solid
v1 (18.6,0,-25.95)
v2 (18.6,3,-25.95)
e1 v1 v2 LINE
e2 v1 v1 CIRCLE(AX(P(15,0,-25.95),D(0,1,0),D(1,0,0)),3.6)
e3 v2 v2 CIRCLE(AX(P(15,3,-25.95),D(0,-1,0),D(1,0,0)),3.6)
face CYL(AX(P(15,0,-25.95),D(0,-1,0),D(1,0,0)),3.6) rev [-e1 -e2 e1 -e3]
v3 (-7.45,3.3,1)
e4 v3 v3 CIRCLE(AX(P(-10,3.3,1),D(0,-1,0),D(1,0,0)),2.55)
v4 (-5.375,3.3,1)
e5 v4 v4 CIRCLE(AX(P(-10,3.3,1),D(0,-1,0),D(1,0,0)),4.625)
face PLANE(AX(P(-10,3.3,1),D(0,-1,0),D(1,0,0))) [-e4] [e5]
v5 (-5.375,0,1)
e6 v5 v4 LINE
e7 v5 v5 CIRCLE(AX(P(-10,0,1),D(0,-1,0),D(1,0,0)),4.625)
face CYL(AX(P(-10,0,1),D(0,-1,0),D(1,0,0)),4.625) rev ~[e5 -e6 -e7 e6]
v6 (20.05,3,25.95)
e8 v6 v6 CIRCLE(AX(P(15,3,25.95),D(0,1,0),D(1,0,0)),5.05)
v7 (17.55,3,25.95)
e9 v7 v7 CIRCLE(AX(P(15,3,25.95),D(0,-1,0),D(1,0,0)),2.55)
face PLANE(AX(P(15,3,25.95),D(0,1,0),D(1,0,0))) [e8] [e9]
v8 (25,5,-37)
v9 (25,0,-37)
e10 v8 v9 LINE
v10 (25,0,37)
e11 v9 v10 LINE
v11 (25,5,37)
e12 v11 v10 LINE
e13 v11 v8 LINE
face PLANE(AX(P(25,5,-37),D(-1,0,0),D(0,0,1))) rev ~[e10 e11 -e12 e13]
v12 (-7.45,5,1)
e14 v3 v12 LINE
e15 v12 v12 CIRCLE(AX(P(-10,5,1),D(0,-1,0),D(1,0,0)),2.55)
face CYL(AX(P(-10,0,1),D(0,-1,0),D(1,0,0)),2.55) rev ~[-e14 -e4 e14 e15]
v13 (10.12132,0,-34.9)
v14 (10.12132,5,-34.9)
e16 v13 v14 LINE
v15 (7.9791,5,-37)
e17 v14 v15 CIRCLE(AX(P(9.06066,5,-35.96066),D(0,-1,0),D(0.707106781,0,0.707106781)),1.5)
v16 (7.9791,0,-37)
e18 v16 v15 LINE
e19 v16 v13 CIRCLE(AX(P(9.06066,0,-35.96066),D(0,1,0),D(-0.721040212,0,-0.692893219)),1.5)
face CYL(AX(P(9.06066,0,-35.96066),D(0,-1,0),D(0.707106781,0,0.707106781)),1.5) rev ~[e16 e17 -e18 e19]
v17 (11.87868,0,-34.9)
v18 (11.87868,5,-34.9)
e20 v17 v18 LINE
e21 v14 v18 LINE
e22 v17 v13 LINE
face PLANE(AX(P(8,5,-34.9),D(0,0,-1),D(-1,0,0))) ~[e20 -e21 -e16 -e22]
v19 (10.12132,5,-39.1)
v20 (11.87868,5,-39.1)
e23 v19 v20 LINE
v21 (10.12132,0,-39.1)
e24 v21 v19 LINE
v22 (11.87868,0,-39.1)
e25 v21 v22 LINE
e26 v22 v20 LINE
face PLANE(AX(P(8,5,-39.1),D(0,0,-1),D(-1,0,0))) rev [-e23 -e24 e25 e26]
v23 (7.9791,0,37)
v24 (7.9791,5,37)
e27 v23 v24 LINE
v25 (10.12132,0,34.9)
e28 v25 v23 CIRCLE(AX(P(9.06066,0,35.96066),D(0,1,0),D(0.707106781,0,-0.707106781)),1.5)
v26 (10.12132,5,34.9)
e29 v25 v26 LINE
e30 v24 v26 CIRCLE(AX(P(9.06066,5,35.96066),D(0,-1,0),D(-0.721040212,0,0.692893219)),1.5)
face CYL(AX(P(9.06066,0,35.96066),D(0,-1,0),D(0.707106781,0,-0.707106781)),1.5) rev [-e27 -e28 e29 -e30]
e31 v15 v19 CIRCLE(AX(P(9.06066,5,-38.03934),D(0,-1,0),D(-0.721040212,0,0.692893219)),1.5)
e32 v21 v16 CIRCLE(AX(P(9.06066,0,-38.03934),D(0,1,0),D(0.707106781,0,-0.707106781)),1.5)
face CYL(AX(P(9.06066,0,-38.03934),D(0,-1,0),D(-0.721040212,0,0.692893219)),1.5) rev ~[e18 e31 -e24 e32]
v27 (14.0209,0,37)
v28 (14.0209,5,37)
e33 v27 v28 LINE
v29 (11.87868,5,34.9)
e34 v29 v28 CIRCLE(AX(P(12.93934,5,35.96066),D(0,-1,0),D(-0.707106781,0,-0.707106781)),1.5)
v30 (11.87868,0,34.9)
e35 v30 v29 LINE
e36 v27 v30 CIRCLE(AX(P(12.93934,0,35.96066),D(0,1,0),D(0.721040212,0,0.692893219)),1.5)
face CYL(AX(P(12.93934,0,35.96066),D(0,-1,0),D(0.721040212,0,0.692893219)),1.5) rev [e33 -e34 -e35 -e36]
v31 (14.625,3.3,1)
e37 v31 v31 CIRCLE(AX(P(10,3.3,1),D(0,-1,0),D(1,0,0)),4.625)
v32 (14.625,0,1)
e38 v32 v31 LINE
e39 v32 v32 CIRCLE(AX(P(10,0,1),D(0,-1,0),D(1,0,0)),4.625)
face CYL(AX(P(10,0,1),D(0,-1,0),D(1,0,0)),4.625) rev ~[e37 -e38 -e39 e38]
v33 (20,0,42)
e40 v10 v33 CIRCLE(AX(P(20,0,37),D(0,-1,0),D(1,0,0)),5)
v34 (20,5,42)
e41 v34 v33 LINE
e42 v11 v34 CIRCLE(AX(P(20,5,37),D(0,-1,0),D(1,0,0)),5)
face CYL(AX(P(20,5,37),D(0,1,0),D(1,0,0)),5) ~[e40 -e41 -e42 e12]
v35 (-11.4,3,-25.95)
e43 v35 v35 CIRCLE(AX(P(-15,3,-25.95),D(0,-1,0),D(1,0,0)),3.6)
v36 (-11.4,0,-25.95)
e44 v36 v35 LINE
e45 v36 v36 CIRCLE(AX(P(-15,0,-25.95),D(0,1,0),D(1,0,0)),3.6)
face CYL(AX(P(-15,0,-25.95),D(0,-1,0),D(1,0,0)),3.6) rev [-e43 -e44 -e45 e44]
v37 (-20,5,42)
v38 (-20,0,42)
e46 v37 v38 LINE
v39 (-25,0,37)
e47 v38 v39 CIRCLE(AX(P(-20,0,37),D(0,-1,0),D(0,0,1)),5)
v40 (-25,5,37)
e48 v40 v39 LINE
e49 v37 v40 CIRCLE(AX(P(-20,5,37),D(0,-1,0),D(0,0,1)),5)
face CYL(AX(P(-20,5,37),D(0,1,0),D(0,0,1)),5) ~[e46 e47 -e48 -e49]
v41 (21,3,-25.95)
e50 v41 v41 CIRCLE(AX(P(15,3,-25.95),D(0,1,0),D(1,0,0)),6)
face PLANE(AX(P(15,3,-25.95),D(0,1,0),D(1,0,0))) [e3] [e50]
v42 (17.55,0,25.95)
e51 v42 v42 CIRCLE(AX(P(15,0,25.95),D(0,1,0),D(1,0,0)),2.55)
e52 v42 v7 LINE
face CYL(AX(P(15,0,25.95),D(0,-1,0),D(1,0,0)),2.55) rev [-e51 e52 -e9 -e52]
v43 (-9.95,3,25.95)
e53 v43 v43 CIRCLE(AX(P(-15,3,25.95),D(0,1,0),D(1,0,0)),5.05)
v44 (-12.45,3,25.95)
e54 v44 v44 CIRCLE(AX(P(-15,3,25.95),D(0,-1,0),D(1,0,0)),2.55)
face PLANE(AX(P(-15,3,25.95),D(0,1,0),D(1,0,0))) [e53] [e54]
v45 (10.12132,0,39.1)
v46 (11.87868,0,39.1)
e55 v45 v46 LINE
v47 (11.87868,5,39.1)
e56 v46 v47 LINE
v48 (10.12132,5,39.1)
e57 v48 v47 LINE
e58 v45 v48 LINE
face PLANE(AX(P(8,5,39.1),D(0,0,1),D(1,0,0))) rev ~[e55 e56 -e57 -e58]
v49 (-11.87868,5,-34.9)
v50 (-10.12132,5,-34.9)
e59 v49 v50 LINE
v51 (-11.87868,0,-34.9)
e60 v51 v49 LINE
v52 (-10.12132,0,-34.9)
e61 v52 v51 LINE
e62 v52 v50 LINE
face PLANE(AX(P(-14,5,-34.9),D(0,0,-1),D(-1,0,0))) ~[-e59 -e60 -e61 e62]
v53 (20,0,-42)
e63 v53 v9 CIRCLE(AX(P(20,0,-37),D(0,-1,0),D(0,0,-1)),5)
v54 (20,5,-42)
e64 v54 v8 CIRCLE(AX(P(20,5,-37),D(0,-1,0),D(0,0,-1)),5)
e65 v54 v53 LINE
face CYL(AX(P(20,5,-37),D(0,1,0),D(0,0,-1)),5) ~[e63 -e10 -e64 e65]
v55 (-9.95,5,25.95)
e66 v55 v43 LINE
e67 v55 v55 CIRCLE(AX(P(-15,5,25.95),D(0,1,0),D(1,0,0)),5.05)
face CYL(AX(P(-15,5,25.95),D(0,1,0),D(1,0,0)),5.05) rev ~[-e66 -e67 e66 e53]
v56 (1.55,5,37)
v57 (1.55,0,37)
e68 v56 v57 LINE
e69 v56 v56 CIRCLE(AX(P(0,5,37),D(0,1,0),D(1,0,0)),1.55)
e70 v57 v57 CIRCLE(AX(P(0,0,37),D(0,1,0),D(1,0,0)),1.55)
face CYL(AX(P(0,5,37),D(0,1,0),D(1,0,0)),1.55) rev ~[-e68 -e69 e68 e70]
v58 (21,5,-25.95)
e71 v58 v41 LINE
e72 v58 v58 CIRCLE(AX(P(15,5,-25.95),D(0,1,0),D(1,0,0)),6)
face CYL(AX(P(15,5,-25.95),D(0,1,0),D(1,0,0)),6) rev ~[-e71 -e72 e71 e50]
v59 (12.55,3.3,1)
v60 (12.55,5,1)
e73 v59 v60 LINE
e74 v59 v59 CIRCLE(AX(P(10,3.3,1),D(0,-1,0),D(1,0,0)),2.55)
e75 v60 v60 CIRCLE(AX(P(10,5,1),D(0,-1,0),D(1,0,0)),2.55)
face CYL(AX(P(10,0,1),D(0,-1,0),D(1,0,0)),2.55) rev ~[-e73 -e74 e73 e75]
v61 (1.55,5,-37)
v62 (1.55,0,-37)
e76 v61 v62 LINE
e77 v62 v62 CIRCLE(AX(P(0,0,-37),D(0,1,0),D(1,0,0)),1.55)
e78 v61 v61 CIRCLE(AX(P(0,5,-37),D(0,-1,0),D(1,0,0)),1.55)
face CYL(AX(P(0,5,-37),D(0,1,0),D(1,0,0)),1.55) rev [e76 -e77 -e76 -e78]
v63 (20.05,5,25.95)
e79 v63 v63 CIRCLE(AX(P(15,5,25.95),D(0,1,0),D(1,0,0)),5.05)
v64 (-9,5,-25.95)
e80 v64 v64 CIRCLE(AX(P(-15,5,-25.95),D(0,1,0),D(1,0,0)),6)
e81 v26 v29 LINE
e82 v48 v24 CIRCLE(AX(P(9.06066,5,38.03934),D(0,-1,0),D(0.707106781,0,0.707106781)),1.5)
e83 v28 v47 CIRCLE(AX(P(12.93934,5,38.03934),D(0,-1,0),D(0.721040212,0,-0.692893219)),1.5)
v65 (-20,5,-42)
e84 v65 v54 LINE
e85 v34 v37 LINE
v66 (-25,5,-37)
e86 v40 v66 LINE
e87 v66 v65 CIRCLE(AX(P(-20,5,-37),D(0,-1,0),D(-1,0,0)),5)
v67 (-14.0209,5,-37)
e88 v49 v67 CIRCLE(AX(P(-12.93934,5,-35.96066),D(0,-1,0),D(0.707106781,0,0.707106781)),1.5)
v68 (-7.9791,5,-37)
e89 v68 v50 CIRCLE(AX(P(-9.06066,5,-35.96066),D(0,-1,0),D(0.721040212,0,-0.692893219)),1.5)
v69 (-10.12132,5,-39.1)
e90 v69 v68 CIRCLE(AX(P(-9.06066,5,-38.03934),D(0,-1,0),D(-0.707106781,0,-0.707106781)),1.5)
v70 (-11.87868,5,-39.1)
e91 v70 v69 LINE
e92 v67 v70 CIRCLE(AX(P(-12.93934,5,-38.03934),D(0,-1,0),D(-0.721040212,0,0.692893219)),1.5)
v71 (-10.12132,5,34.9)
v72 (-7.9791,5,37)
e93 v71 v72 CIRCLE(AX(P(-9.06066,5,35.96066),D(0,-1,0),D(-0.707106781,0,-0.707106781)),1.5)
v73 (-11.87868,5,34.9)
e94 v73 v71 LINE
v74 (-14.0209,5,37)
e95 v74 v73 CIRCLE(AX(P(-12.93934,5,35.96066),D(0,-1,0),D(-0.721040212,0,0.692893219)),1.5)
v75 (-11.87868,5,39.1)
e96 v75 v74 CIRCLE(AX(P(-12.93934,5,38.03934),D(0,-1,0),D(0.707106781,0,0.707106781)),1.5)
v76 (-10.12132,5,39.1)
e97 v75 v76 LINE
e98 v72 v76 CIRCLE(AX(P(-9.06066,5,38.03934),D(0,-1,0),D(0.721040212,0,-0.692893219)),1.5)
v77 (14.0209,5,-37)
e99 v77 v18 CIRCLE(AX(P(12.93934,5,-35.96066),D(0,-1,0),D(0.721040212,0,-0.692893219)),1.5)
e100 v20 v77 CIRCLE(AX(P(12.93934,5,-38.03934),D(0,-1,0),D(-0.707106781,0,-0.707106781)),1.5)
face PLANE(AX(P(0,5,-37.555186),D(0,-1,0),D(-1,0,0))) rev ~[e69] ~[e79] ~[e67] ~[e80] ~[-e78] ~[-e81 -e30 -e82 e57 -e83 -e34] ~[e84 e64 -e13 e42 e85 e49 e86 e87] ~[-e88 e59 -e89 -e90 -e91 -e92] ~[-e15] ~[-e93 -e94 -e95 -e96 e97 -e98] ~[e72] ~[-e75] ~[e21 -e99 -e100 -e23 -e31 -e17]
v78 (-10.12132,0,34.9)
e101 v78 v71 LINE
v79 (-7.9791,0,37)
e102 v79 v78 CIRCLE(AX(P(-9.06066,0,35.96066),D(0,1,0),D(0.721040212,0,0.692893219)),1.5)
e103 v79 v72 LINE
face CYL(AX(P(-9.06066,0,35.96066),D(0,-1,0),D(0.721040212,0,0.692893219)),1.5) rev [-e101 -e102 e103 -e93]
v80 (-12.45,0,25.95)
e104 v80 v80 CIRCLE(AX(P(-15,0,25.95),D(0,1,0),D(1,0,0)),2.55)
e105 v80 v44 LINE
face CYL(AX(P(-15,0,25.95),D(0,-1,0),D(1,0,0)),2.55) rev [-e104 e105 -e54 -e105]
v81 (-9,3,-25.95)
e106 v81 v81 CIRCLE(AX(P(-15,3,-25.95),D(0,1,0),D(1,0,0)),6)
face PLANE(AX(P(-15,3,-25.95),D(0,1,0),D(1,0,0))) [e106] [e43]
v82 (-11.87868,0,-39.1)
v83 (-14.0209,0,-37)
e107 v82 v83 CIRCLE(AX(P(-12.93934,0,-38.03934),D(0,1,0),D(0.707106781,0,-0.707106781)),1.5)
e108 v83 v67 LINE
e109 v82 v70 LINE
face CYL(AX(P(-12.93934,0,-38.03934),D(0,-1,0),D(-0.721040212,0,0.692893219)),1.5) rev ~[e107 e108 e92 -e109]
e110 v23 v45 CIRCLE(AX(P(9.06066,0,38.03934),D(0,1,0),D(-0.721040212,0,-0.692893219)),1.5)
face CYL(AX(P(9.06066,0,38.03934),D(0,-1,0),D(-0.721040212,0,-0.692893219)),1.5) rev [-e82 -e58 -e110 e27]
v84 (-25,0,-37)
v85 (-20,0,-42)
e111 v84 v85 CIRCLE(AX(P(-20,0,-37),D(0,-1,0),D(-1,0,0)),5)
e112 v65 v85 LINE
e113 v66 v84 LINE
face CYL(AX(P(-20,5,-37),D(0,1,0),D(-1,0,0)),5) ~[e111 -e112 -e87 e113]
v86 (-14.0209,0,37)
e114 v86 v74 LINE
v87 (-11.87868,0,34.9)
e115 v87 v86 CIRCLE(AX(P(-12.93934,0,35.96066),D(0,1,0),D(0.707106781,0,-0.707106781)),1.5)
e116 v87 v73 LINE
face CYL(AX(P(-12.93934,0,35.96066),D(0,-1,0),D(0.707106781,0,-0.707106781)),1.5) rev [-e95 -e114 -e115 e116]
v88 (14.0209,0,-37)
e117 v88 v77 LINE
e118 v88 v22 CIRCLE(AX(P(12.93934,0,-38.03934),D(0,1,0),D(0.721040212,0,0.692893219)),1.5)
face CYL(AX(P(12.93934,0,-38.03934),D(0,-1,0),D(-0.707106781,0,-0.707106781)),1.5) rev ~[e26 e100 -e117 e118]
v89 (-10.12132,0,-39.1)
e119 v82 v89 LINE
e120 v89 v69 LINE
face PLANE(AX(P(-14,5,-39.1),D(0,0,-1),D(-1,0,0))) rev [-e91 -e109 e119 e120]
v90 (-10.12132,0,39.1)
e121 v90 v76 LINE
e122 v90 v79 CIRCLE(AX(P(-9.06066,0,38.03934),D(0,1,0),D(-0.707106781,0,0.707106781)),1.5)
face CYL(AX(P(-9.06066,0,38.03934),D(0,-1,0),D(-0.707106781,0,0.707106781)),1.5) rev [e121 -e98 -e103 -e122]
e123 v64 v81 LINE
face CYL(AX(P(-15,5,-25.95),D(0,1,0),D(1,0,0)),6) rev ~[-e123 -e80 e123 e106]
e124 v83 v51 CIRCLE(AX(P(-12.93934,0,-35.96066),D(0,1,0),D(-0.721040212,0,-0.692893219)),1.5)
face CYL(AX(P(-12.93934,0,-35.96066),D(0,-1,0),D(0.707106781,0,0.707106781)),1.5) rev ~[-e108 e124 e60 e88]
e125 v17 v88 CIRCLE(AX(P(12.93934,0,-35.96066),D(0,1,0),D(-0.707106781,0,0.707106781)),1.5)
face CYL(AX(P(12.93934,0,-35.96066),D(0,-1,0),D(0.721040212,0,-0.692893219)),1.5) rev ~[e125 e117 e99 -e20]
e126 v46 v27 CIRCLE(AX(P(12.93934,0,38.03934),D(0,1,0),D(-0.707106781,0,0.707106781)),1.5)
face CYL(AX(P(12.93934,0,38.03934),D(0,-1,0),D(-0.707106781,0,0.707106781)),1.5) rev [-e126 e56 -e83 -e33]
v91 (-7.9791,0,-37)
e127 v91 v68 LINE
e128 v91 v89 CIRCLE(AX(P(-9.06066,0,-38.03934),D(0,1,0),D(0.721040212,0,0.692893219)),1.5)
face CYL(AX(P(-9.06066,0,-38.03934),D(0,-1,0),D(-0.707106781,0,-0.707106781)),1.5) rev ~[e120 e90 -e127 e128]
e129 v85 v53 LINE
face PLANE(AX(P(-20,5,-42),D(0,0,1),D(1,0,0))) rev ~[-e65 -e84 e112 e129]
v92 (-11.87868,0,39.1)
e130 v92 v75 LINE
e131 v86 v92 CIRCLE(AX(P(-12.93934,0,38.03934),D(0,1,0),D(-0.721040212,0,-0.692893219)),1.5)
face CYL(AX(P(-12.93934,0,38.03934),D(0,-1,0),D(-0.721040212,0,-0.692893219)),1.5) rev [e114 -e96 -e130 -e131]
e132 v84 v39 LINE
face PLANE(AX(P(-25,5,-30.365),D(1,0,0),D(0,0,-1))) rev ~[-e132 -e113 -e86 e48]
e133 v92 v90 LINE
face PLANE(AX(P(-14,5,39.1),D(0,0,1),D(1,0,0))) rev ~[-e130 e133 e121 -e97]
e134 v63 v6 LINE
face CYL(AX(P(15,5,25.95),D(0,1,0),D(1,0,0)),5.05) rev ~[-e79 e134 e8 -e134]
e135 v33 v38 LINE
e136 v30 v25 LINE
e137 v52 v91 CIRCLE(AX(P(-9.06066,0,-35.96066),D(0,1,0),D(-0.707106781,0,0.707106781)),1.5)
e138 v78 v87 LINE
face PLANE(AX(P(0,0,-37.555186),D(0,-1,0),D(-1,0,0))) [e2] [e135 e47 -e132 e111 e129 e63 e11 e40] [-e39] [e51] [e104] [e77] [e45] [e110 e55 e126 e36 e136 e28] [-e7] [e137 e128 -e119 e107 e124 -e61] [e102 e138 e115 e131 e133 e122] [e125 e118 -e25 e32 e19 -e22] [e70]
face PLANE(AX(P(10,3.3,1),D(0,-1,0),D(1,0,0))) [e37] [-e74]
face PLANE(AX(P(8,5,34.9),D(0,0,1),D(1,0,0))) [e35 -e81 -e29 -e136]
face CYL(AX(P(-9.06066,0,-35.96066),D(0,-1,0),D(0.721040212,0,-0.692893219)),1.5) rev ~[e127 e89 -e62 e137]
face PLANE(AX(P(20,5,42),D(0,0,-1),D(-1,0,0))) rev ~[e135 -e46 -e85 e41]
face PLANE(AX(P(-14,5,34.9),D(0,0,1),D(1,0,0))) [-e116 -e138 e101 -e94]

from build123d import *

# Parameters (mm, degrees)
SKETCH1_R               = 3.6
SKETCH1_R_2             = 2.55
BOSS_EXTRUDE1_DEPTH     = 5
SKETCH2_R               = 6
SKETCH2_R_2             = 5.05
CUT_EXTRUDE1_DEPTH      = 2
SALIENTE_EXTRUIR1_DEPTH = 5
CROQUIS5_R              = 2.55
CORTAR_EXTRUIR2_DEPTH   = 6
CROQUIS6_R              = 1.55
CROQUIS6_W              = 6
CROQUIS6_H              = 4.2
CORTAR_EXTRUIR3_DEPTH   = 6
CORTAR_EXTRUIR4_DEPTH   = 6
CROQUIS8_R              = 4.625
CORTAR_EXTRUIR5_DEPTH   = 3.3


with BuildPart() as part:
    # Sketch1 → Boss-Extrude1 (new body)
    with BuildSketch(Plane(origin=(0, 0, 0), x_dir=(1, 0, 0), z_dir=(0, 1, 0))):
        with BuildLine():
            Line((20.365, -35), (-20.365, -35))
            ThreePointArc((-20.365, -35), (-23.642439931, -33.642439931), (-25, -30.365))
            Line((-25, -30.365), (-25, 30.365))
            ThreePointArc((-25, 30.365), (-23.642439931, 33.642439931), (-20.365, 35))
            Line((-20.365, 35), (20.365, 35))
            ThreePointArc((20.365, 35), (23.642439931, 33.642439931), (25, 30.365))
            Line((25, 30.365), (25, -30.365))
            ThreePointArc((25, -30.365), (23.642439931, -33.642439931), (20.365, -35))
        make_face()
        with Locations((-15, 25.95)):
            Circle(SKETCH1_R, mode=Mode.SUBTRACT)
        with Locations((15, 25.95)):
            Circle(SKETCH1_R, mode=Mode.SUBTRACT)
        with Locations((15, -25.95)):
            Circle(SKETCH1_R_2, mode=Mode.SUBTRACT)
        with Locations((-15, -25.95)):
            Circle(SKETCH1_R_2, mode=Mode.SUBTRACT)
    extrude(amount=BOSS_EXTRUDE1_DEPTH)

    # Sketch2 → Cut-Extrude1 (cut)
    with BuildSketch(Plane(origin=(0, 5, 0), x_dir=(1, 0, 0), z_dir=(0, 1, 0))):
        with Locations((-15, 25.95)):
            Circle(SKETCH2_R)
        with Locations((15, 25.95)):
            Circle(SKETCH2_R)
        with Locations((15, -25.95)):
            Circle(SKETCH2_R_2)
        with Locations((-15, -25.95)):
            Circle(SKETCH2_R_2)
    extrude(amount=-CUT_EXTRUDE1_DEPTH, mode=Mode.SUBTRACT)

    # Croquis3 → Saliente-Extruir1 (add)
    with BuildSketch(Plane(origin=(0, 5, 0), x_dir=(1, 0, 0), z_dir=(0, 1, 0))):
        with BuildLine():
            Line((-25, 30.365), (-25, 37))
            ThreePointArc((-25, 37), (-23.535533906, 40.535533906), (-20, 42))
            Line((-20, 42), (20, 42))
            ThreePointArc((20, 42), (23.535533906, 40.535533906), (25, 37))
            Line((25, 37), (25, 30.365))
            ThreePointArc((25, 30.365), (23.642439931, 33.642439931), (20.365, 35))
            Line((20.365, 35), (-20.365, 35))
            ThreePointArc((-20.365, 35), (-23.642439931, 33.642439931), (-25, 30.365))
        make_face()
        with BuildLine():
            Line((-20.365, -35), (20.365, -35))
            ThreePointArc((20.365, -35), (23.642439931, -33.642439931), (25, -30.365))
            Line((25, -30.365), (25, -37))
            ThreePointArc((25, -37), (23.535533906, -40.535533906), (20, -42))
            Line((20, -42), (-20, -42))
            ThreePointArc((-20, -42), (-23.535533906, -40.535533906), (-25, -37))
            Line((-25, -37), (-25, -30.365))
            ThreePointArc((-25, -30.365), (-23.642439931, -33.642439931), (-20.365, -35))
        make_face()
    extrude(amount=-SALIENTE_EXTRUIR1_DEPTH)

    # Croquis5 → Cortar-Extruir2 (cut, through all)
    with BuildSketch(Plane.XZ):
        with Locations((10, 1)):
            Circle(CROQUIS5_R)
        with Locations((-10, 1)):
            Circle(CROQUIS5_R)
    extrude(amount=-CORTAR_EXTRUIR2_DEPTH, mode=Mode.SUBTRACT)

    # Croquis6 → Cortar-Extruir3 (cut, through all)
    with BuildSketch(Plane(origin=(0, 5, 0), x_dir=(1, 0, 0), z_dir=(0, 1, 0))):
        with Locations((0, -37)):
            Circle(CROQUIS6_R)
        with Locations((-11, -37)):
            Rectangle(CROQUIS6_W, CROQUIS6_H)
        with Locations((11, -37)):
            Rectangle(CROQUIS6_W, CROQUIS6_H)
    cortar_extruir3 = extrude(amount=-CORTAR_EXTRUIR3_DEPTH, mode=Mode.SUBTRACT)

    # Croquis7 → Cortar-Extruir4 (cut, through all)
    with BuildSketch(Plane.XZ):
        with BuildLine():
            Line((-11.878679656, 39.1), (-10.121320344, 39.1))
            ThreePointArc((-10.121320344, 39.1), (-8.010608171, 39.110503119), (-7.979099854, 37))
            ThreePointArc((-7.979099854, 37), (-8.010608171, 34.889496881), (-10.121320344, 34.9))
            Line((-10.121320344, 34.9), (-11.878679656, 34.9))
            ThreePointArc((-11.878679656, 34.9), (-13.989391829, 34.889496881), (-14.020900146, 37))
            ThreePointArc((-14.020900146, 37), (-13.989391829, 39.110503119), (-11.878679656, 39.1))
        make_face()
        with BuildLine():
            Line((11.878679656, 34.9), (10.121320344, 34.9))
            ThreePointArc((10.121320344, 34.9), (8.010608171, 34.889496881), (7.979099854, 37))
            ThreePointArc((7.979099854, 37), (8.010608171, 39.110503119), (10.121320344, 39.1))
            Line((10.121320344, 39.1), (11.878679656, 39.1))
            ThreePointArc((11.878679656, 39.1), (13.989391829, 39.110503119), (14.020900146, 37))
            ThreePointArc((14.020900146, 37), (13.989391829, 34.889496881), (11.878679656, 34.9))
        make_face()
    cortar_extruir4 = extrude(amount=-CORTAR_EXTRUIR4_DEPTH, mode=Mode.SUBTRACT)

    # Croquis8 → Cortar-Extruir5 (cut)
    with BuildSketch(Plane.XZ):
        with Locations((-10, 1)):
            Circle(CROQUIS8_R)
        with Locations((10, 1)):
            Circle(CROQUIS8_R)
    extrude(amount=-CORTAR_EXTRUIR5_DEPTH, mode=Mode.SUBTRACT)

    # Simetría1: Cortar-Extruir3, Cortar-Extruir4 across plane
    add(cortar_extruir3.mirror(Plane.XY), mode=Mode.SUBTRACT)
    add(cortar_extruir4.mirror(Plane.XY), mode=Mode.SUBTRACT)


solid = part.part
